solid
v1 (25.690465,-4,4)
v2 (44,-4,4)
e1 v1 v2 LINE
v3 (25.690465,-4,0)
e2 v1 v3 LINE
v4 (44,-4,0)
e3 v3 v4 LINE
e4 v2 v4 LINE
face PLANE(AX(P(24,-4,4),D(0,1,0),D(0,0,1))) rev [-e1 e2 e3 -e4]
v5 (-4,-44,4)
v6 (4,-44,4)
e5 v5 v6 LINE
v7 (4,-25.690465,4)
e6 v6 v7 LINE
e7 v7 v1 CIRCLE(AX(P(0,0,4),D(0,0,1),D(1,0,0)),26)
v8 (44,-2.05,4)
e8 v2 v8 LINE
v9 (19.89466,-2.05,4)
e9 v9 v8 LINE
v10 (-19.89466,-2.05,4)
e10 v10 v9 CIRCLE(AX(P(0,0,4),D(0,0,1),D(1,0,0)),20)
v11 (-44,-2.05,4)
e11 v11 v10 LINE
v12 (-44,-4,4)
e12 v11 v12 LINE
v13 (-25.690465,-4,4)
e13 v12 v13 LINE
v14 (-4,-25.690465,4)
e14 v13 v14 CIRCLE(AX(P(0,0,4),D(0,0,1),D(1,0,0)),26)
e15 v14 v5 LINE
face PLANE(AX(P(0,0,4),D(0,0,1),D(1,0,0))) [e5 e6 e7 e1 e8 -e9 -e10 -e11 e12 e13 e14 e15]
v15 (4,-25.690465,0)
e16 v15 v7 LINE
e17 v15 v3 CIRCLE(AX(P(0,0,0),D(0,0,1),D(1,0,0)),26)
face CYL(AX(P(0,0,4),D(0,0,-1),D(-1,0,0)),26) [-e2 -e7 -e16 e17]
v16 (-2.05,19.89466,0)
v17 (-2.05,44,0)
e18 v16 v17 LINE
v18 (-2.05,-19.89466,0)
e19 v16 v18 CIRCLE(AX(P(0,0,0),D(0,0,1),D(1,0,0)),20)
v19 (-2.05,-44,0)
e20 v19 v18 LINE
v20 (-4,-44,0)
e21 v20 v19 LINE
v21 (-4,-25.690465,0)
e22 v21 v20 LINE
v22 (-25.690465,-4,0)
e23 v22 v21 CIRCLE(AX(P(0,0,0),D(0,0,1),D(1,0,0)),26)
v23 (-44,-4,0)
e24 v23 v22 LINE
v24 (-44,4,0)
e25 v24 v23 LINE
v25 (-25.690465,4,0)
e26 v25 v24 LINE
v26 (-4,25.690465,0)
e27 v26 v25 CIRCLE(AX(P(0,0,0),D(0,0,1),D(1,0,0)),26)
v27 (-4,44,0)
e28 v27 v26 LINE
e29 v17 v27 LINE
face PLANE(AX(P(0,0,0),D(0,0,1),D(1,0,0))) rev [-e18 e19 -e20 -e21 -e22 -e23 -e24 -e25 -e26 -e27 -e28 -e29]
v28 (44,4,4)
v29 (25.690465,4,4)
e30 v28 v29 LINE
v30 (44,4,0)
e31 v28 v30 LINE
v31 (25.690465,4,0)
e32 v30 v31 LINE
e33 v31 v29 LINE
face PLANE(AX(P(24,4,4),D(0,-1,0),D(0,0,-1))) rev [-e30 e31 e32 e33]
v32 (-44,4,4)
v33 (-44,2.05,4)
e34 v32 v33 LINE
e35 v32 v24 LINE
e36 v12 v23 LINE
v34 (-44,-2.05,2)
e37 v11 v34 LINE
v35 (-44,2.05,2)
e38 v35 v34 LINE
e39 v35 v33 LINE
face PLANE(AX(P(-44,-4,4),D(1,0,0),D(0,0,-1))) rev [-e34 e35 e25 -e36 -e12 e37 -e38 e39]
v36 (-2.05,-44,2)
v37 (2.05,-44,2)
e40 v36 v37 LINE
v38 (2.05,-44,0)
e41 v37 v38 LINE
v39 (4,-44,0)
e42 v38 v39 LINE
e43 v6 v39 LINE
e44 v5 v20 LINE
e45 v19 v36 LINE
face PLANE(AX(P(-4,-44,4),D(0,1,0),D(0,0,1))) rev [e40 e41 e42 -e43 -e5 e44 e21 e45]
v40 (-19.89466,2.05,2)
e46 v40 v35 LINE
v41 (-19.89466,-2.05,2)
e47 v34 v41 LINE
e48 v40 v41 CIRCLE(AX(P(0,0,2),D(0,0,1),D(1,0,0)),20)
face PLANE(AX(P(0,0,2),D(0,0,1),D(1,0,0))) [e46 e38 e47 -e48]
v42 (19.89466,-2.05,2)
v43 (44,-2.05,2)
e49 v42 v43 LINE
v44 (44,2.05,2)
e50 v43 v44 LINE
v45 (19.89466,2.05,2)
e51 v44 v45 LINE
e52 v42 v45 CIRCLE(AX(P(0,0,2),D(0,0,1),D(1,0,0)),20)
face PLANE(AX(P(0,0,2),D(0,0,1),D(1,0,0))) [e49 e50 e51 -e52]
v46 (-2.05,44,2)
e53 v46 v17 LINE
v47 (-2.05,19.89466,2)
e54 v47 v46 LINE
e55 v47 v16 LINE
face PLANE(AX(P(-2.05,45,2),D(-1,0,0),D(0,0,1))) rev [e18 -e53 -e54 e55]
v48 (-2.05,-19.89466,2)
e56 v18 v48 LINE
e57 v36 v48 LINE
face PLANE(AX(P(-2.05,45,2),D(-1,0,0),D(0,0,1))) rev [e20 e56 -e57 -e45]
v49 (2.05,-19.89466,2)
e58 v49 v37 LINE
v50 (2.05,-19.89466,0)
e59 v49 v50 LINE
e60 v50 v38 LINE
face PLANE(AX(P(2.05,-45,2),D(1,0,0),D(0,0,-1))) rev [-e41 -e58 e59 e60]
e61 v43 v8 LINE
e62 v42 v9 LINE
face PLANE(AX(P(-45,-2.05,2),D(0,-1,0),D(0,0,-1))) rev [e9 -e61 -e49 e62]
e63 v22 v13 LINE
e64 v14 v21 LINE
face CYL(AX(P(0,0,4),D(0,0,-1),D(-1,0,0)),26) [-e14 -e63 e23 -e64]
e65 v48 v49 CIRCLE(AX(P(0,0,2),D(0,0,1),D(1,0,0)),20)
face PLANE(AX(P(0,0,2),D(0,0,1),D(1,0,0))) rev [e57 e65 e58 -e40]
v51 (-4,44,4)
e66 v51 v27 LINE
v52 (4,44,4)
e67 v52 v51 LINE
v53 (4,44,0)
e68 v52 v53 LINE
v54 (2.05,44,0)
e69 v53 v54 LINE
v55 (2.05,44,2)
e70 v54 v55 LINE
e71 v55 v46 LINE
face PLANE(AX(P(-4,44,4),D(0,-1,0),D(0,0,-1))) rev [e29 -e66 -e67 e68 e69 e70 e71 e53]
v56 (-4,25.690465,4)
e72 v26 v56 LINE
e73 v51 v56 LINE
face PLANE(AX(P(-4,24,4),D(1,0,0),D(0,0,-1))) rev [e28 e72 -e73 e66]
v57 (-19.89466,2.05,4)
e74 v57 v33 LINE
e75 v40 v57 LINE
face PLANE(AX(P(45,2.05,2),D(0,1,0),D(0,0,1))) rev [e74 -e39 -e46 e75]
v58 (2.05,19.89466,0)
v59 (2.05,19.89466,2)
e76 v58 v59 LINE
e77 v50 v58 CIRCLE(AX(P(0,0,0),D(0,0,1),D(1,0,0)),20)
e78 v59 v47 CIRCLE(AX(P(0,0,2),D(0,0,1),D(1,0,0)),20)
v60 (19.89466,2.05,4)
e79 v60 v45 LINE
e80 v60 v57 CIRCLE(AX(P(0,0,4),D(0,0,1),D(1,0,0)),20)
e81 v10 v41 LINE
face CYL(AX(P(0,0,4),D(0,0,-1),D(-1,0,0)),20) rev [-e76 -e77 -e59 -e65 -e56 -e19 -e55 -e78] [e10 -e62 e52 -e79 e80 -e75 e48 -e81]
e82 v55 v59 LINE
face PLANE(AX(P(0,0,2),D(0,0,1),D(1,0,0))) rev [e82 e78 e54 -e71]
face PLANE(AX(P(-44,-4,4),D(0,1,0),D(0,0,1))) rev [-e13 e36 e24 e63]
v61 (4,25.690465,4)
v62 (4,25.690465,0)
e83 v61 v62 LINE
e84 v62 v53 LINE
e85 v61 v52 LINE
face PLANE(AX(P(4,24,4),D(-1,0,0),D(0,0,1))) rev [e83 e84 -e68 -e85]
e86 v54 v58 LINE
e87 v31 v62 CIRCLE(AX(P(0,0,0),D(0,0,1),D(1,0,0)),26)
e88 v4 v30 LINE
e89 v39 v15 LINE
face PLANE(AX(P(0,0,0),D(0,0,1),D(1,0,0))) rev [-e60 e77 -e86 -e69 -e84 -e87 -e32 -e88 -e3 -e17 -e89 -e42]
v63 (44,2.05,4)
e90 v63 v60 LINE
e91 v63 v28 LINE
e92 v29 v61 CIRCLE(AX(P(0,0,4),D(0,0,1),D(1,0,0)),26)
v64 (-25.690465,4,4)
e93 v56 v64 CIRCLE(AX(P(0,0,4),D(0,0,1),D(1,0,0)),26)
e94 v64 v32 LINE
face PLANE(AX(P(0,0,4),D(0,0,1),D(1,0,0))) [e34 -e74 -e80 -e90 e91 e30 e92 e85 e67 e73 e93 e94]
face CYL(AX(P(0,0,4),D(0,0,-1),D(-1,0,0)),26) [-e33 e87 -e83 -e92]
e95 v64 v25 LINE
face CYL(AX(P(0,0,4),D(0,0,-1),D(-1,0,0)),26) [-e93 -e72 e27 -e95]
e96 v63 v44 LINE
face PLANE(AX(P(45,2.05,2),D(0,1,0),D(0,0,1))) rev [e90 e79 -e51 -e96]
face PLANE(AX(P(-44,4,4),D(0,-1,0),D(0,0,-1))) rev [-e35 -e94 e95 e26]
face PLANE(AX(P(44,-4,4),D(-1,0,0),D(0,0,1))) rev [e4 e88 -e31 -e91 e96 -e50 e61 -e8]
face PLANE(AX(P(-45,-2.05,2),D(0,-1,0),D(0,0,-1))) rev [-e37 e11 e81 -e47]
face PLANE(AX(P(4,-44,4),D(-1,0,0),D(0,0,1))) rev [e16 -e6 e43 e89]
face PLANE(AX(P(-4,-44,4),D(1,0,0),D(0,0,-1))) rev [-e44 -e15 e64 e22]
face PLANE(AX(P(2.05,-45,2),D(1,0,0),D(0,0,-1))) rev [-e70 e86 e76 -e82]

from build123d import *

# Parameters (mm, degrees)
SKETCH1_R                    = 26
SKETCH1_R_2                  = 20
RELIEVED_FLOATING_RING_DEPTH = 4
SKETCH2_W                    = 20
SKETCH2_H                    = 8
X_SLIDE_PAD_1_DEPTH          = 4
SKETCH3_W                    = 8
SKETCH3_H                    = 20
Y_SLIDE_PAD_1_DEPTH          = 4
SKETCH4_W                    = 20
SKETCH4_H                    = 8
X_SLIDE_PAD_1_2_DEPTH        = 4
SKETCH5_W                    = 8
SKETCH5_H                    = 20
Y_SLIDE_PAD_1_2_DEPTH        = 4
SKETCH6_W                    = 4.1
SKETCH6_H                    = 90
LOWER_Y_SLOTS_W4P1_H2_DEPTH  = 2
SKETCH7_W                    = 90
SKETCH7_H                    = 4.1
UPPER_X_SLOTS_W4P1_H2_DEPTH  = 2


with BuildPart() as part:
    # Sketch1 → Relieved_Floating_Ring (new body)
    with BuildSketch(Plane.XY):
        Circle(SKETCH1_R)
        Circle(SKETCH1_R_2, mode=Mode.SUBTRACT)
    extrude(amount=RELIEVED_FLOATING_RING_DEPTH)

    # Sketch2 → X_Slide_Pad_-1 (add)
    with BuildSketch(Plane.XY):
        with Locations((-34, 0)):
            Rectangle(SKETCH2_W, SKETCH2_H)
    extrude(amount=X_SLIDE_PAD_1_DEPTH)

    # Sketch3 → Y_Slide_Pad_-1 (add)
    with BuildSketch(Plane.XY):
        with Locations((0, -34)):
            Rectangle(SKETCH3_W, SKETCH3_H)
    extrude(amount=Y_SLIDE_PAD_1_DEPTH)

    # Sketch4 → X_Slide_Pad_1 2 (add)
    with BuildSketch(Plane.XY):
        with Locations((34, 0)):
            Rectangle(SKETCH4_W, SKETCH4_H)
    extrude(amount=X_SLIDE_PAD_1_2_DEPTH)

    # Sketch5 → Y_Slide_Pad_1 2 (add)
    with BuildSketch(Plane.XY):
        with Locations((0, 34)):
            Rectangle(SKETCH5_W, SKETCH5_H)
    extrude(amount=Y_SLIDE_PAD_1_2_DEPTH)

    # Sketch6 → Lower_Y_Slots_W4p1_H2 (cut)
    with BuildSketch(Plane(origin=(0, 0, 0), x_dir=(-1, 0, 0), z_dir=(0, 0, -1))):
        Rectangle(SKETCH6_W, SKETCH6_H)
    extrude(amount=-LOWER_Y_SLOTS_W4P1_H2_DEPTH, mode=Mode.SUBTRACT)

    # Sketch7 → Upper_X_Slots_W4p1_H2 (cut)
    with BuildSketch(Plane.XY.offset(4)):
        Rectangle(SKETCH7_W, SKETCH7_H)
    extrude(amount=-UPPER_X_SLOTS_W4P1_H2_DEPTH, mode=Mode.SUBTRACT)


solid = part.part
